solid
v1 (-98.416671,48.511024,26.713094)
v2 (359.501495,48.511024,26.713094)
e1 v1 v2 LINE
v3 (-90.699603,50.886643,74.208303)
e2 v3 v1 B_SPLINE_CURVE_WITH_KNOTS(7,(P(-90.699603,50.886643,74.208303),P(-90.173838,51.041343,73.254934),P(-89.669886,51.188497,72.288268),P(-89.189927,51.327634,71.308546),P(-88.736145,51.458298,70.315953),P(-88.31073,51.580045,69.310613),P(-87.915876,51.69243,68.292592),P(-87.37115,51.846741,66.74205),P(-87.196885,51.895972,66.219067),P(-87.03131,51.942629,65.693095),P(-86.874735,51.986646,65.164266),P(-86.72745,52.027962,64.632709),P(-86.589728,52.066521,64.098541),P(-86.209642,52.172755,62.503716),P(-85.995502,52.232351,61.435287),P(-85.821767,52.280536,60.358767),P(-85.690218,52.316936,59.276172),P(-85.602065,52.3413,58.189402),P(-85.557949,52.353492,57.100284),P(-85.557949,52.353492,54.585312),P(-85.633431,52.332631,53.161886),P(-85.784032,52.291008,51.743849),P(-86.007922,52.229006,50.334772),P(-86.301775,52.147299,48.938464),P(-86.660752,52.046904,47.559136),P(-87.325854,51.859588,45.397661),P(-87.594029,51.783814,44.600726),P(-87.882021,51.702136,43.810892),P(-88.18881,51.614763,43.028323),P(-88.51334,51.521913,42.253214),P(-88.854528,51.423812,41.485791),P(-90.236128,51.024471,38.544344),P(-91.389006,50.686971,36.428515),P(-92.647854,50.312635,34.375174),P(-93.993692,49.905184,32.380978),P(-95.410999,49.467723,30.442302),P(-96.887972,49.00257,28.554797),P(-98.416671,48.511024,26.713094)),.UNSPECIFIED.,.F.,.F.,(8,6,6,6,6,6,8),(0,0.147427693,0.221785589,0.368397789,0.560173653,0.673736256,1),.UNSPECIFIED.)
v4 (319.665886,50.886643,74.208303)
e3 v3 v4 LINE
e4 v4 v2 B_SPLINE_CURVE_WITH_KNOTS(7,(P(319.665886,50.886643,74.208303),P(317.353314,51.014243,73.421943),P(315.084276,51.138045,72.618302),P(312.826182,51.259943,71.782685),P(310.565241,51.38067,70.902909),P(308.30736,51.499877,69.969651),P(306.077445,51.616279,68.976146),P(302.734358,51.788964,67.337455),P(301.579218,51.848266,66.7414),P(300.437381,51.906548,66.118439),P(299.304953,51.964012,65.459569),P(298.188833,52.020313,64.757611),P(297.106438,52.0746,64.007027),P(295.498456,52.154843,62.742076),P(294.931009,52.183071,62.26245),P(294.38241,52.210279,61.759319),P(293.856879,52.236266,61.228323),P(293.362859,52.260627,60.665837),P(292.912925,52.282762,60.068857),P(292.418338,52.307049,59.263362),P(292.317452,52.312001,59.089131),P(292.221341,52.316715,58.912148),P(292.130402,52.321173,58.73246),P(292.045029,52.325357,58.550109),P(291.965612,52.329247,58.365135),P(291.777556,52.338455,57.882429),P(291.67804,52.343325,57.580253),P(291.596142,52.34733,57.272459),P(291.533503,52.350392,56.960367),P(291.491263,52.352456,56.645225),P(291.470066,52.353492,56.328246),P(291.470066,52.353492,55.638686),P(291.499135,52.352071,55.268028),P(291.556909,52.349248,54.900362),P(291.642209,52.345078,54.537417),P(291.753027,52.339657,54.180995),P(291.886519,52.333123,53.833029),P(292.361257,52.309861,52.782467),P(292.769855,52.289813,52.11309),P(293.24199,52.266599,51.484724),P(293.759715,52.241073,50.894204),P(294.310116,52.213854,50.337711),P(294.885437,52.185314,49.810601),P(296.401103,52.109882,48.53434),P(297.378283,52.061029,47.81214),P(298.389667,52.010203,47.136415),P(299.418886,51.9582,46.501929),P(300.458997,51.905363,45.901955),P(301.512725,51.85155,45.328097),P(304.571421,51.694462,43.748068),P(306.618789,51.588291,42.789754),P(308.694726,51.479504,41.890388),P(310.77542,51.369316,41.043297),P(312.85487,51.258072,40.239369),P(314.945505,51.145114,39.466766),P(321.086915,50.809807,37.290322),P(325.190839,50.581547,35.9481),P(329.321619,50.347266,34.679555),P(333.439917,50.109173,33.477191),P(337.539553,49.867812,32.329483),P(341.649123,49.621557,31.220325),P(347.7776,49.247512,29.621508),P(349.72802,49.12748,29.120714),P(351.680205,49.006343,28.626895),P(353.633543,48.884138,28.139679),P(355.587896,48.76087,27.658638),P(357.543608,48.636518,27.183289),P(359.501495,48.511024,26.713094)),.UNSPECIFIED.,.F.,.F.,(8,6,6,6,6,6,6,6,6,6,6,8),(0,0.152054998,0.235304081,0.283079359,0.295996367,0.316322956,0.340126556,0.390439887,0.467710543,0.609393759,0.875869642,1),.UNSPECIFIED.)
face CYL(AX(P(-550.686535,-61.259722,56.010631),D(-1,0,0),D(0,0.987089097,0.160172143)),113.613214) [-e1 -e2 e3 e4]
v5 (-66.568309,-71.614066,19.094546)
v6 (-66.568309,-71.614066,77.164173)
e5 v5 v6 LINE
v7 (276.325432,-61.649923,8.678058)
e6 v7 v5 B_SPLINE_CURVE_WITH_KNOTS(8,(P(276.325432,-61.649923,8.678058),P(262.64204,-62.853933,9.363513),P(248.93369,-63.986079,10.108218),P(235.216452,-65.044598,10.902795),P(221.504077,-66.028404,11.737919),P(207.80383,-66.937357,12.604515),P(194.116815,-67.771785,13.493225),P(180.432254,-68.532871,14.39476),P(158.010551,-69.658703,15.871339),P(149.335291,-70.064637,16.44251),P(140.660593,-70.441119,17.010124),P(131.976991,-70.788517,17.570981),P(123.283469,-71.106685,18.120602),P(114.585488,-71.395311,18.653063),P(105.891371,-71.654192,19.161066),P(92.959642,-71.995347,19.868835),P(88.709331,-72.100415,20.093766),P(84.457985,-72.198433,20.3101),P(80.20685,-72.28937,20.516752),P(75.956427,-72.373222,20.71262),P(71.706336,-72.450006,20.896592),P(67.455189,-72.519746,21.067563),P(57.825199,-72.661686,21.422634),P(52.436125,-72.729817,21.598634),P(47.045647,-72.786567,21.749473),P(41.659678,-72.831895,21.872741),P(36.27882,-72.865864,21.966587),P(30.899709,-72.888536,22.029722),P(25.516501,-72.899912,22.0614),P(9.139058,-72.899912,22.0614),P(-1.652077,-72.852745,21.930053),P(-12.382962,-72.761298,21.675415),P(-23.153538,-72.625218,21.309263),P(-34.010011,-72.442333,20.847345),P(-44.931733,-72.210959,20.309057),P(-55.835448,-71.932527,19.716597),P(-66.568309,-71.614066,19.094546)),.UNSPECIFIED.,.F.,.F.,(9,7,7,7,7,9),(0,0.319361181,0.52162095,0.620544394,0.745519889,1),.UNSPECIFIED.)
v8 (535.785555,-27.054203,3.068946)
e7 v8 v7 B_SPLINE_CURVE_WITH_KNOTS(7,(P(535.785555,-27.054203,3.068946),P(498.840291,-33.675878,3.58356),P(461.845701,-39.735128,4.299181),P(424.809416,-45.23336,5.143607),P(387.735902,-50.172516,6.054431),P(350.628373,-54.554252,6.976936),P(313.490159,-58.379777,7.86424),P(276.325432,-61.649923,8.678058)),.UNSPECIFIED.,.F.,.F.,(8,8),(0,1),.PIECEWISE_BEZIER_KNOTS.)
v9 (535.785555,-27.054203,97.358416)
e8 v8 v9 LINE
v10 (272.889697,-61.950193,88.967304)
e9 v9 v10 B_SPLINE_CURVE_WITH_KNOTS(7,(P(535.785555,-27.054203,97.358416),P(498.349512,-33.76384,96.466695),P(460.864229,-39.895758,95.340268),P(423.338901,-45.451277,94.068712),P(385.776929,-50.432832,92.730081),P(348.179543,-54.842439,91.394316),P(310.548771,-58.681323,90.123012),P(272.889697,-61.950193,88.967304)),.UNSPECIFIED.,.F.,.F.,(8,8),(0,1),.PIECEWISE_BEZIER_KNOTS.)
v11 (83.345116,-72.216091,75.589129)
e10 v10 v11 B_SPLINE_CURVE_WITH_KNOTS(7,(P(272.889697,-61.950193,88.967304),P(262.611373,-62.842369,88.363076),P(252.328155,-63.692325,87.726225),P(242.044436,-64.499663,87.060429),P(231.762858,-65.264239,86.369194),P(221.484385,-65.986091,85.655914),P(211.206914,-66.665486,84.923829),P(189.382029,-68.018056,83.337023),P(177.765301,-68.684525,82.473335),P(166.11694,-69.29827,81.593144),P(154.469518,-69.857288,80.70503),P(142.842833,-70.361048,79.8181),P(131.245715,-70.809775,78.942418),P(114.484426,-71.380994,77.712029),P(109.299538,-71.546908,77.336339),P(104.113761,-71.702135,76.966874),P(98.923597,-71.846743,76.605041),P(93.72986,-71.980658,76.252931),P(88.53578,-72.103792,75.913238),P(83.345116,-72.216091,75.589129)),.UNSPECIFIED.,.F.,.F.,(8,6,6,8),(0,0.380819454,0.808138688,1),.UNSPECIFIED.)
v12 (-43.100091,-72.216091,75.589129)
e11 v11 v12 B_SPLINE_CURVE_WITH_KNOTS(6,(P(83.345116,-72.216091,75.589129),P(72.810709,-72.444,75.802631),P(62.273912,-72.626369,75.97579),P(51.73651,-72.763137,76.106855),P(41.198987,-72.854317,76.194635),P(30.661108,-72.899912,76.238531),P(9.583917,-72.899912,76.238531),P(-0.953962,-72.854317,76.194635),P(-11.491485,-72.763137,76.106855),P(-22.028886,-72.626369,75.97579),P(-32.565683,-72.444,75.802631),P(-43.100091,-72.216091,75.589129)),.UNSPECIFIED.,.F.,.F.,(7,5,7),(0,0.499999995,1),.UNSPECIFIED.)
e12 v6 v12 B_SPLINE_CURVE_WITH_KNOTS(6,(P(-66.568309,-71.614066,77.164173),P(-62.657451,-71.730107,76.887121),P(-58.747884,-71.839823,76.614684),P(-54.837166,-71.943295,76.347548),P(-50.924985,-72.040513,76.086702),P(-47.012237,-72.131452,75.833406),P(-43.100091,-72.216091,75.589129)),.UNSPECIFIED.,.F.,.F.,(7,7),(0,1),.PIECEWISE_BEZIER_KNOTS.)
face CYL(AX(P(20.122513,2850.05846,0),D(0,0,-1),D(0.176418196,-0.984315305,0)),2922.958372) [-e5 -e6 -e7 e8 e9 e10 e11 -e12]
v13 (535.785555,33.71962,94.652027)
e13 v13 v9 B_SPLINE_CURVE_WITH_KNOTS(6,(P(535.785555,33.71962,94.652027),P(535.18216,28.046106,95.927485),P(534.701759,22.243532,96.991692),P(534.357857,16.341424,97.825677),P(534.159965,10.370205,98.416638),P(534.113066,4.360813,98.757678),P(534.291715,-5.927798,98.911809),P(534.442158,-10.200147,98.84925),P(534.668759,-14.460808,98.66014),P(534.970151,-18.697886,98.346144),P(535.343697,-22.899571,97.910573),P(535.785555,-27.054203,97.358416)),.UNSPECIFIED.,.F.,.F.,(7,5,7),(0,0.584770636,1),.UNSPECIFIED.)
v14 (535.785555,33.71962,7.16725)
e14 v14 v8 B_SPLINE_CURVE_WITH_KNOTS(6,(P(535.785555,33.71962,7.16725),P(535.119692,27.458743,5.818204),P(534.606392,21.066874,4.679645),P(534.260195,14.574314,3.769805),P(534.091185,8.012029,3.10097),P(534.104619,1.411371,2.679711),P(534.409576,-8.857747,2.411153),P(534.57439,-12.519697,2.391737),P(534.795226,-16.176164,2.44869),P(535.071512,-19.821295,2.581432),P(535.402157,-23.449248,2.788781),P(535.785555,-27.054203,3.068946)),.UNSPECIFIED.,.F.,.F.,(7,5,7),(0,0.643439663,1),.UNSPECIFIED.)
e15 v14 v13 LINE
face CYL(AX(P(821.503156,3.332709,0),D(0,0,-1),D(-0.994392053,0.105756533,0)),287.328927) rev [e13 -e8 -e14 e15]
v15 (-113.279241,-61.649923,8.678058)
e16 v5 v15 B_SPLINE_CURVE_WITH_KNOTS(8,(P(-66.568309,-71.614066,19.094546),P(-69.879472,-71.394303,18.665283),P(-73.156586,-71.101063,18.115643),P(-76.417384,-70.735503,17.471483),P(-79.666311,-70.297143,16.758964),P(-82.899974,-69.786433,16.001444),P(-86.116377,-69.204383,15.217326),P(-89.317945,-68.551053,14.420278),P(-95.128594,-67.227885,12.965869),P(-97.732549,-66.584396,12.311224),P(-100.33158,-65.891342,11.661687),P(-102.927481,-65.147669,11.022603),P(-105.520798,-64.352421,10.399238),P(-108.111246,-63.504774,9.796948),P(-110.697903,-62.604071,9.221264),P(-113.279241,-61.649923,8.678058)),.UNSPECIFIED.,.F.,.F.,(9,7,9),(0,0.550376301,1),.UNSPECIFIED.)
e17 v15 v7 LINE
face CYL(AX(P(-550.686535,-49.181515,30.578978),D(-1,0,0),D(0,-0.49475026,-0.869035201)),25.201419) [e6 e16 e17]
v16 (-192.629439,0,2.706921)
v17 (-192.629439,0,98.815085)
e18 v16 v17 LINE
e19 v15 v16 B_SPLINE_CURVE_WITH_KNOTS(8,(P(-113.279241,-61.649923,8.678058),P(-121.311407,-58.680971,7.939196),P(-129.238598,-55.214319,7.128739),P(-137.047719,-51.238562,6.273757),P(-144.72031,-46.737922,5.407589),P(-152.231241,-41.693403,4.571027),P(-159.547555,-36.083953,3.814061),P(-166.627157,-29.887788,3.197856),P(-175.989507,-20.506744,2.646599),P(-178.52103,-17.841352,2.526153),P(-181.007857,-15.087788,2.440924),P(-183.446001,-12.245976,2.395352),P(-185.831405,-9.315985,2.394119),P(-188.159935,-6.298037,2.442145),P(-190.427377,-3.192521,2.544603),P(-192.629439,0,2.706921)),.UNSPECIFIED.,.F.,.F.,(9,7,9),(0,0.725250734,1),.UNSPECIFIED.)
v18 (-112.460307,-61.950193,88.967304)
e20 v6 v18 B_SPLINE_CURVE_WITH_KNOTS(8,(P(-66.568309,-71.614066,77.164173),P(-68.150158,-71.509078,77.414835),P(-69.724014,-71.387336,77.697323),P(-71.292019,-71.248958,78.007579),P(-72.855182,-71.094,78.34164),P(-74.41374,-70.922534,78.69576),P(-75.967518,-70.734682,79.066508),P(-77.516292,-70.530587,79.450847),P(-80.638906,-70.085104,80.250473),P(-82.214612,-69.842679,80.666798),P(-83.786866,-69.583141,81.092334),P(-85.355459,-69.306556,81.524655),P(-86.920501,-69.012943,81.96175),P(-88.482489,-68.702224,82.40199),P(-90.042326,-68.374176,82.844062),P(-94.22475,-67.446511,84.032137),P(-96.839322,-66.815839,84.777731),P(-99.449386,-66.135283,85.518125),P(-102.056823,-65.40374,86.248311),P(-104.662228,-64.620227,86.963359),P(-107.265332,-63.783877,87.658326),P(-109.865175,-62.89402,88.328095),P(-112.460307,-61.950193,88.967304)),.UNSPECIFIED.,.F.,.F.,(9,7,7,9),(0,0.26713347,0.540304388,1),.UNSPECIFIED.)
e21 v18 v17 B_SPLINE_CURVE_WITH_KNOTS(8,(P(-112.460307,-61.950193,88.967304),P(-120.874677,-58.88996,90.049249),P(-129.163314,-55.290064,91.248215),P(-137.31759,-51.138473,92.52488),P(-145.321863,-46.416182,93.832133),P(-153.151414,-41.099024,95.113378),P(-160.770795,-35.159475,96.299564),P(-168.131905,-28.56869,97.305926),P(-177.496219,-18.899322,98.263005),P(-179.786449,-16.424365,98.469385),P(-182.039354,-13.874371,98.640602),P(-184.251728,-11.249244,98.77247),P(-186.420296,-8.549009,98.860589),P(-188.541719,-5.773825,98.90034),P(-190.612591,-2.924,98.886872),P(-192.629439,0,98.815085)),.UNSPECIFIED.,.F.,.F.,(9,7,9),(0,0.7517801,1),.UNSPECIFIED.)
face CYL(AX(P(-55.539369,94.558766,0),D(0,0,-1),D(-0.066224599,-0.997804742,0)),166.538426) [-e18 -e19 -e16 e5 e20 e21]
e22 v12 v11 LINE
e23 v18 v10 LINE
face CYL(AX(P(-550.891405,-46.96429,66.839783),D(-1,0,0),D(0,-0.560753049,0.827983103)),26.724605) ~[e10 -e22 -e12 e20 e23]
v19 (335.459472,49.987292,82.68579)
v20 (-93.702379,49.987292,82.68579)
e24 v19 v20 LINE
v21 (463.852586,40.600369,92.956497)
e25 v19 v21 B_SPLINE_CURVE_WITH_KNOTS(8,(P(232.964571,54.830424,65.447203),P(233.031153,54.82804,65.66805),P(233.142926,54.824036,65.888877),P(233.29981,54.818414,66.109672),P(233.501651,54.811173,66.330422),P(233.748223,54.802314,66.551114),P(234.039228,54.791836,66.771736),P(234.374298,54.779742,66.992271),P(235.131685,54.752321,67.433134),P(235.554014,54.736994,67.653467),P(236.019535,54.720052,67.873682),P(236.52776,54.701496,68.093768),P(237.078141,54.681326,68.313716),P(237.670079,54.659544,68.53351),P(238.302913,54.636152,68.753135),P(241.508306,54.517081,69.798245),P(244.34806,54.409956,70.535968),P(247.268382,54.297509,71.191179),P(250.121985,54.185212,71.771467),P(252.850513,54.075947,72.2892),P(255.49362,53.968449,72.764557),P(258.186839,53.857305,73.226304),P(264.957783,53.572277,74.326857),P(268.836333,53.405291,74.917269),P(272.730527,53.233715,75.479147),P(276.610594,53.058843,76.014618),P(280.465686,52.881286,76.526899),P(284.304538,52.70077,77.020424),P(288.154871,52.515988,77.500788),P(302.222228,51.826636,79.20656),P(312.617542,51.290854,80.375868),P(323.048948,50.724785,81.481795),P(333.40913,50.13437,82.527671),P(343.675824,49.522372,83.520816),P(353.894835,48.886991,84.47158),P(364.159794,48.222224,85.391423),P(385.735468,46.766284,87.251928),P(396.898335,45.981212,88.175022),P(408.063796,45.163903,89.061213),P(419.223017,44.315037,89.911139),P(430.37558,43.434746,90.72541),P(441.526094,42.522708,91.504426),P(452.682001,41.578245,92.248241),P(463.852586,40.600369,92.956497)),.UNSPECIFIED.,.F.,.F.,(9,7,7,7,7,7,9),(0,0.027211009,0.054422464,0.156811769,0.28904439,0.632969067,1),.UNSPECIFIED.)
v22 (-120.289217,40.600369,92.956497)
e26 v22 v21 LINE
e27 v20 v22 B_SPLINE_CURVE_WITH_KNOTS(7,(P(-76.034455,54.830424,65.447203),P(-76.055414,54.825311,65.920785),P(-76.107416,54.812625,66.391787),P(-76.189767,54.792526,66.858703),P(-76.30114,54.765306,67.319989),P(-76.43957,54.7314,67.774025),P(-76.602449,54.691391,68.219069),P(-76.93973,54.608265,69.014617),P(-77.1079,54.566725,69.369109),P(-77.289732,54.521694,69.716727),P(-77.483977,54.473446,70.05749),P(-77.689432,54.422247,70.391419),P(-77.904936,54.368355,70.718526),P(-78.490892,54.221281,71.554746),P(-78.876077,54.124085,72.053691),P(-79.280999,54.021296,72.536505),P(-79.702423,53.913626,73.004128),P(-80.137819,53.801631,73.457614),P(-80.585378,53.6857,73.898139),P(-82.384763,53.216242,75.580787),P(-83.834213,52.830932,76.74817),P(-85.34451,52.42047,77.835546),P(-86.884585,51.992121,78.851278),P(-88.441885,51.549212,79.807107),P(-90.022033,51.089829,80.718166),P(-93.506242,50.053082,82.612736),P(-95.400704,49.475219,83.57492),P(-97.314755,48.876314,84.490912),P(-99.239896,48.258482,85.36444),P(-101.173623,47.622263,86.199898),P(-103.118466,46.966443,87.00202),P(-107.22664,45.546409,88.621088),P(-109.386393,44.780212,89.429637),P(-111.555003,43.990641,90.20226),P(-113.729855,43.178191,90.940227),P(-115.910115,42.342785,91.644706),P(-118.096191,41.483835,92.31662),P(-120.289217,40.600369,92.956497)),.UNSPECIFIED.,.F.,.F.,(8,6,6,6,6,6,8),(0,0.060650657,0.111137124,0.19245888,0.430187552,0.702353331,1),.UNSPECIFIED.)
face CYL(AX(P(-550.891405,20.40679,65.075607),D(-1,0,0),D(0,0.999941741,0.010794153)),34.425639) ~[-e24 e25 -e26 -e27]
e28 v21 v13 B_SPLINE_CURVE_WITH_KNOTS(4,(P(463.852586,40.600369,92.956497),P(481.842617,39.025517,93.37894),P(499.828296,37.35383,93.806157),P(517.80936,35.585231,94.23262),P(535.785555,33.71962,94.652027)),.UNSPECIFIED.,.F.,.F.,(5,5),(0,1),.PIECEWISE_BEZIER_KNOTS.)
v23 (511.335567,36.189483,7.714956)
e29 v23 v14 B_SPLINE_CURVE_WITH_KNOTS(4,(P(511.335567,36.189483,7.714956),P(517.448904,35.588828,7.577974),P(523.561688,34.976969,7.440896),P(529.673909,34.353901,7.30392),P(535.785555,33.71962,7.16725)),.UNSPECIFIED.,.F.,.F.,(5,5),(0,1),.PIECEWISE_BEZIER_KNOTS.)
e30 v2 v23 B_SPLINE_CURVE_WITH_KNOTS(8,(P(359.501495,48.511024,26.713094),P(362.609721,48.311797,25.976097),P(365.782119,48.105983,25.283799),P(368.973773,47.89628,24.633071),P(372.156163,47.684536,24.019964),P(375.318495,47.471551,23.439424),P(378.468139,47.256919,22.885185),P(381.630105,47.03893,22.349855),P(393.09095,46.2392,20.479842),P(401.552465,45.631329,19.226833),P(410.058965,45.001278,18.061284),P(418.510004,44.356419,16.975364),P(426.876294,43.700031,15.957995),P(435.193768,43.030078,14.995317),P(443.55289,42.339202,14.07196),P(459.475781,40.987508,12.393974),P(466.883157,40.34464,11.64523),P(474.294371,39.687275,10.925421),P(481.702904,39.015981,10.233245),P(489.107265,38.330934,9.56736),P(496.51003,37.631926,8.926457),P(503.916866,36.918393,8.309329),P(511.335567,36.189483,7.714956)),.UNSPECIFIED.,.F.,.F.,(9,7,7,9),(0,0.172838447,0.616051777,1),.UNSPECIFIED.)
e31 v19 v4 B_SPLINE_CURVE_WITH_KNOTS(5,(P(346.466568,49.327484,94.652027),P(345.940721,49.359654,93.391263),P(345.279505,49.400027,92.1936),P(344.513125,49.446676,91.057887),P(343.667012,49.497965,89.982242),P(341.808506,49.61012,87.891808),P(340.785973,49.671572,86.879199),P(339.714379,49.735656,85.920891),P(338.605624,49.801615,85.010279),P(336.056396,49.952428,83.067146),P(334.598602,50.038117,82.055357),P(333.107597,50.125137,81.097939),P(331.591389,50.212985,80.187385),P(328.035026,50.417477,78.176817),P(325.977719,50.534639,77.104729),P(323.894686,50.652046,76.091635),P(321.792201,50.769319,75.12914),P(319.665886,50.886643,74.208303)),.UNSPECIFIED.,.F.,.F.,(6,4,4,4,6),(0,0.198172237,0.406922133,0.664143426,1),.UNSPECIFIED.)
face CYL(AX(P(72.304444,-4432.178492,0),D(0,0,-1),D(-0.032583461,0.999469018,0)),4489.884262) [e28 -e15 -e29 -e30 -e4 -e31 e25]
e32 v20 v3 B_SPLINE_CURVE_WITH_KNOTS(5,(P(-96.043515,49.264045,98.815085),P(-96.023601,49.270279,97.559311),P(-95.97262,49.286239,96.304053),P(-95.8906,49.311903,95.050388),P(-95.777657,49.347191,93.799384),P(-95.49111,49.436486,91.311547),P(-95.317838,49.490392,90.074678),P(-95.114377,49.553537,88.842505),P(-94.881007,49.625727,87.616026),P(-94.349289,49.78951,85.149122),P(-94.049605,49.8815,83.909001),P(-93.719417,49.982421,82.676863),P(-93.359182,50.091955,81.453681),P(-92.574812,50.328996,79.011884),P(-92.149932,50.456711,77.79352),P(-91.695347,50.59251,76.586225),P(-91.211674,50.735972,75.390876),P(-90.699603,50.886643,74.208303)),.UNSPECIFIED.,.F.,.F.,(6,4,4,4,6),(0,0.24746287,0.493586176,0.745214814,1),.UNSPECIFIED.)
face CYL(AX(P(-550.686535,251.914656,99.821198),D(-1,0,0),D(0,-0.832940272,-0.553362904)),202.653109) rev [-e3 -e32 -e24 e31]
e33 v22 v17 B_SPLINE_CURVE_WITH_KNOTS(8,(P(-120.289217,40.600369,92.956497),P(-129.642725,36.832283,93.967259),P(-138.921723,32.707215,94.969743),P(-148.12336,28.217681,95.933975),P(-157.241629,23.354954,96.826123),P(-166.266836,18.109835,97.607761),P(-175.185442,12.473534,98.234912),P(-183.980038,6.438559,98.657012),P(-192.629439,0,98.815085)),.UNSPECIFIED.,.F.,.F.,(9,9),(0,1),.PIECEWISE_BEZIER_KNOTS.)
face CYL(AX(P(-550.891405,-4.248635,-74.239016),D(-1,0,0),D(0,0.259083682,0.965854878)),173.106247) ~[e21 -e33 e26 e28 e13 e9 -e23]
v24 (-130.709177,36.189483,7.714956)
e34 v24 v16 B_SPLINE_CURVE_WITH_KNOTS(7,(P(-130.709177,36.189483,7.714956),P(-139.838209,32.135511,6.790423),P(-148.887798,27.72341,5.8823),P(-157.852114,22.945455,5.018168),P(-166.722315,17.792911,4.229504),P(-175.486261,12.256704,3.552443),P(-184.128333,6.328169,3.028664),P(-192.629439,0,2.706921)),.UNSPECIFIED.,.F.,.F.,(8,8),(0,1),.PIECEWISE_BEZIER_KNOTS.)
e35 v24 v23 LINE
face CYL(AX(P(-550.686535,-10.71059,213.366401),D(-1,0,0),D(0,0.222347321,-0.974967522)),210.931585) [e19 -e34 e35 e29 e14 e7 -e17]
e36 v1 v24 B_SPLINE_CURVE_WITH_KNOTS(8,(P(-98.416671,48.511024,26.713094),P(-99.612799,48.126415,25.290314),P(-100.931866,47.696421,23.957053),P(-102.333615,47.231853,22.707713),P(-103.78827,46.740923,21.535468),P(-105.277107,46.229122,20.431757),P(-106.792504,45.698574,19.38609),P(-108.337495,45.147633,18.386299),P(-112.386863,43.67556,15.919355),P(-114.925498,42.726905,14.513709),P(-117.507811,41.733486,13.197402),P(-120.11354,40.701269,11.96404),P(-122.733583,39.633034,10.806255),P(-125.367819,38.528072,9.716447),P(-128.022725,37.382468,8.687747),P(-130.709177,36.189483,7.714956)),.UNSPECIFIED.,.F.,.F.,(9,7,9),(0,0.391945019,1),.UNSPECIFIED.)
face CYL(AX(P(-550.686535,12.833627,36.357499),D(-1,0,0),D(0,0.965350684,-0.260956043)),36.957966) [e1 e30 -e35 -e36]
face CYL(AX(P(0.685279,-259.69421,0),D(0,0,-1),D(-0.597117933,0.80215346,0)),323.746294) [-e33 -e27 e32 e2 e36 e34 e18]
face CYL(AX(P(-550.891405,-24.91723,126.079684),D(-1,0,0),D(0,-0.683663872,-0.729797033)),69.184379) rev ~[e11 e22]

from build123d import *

# Parameters (mm, degrees)
BOSS_EXTRUDE1_DEPTH     = 100
CUT_EXTRUDE3_DEPTH      = 550.891405391
CUT_EXTRUDE3_DEPTH_BACK = 550.891405391
CUT_EXTRUDE5_DEPTH      = 550.686535404
CUT_EXTRUDE5_DEPTH_BACK = 550.686535404


with BuildPart() as part:
    # Sketch1 → Boss-Extrude1 (new body)
    with BuildSketch(Plane.XY):
        with BuildLine():
            ThreePointArc((-192.629438793, 0), (-136.135725272, 33.719619965), (-73.991525193, 55.321722514))
            ThreePointArc((-73.991525193, 55.321722514), (231.264395529, 54.89097703), (535.785554592, 33.719619965))
            ThreePointArc((535.785554592, 33.719619965), (534.174229279, 3.332708678), (535.785554592, -27.054202608))
            ThreePointArc((535.785554592, -27.054202608), (235.762691459, -64.934671976), (-66.568309368, -71.614065728))
            ThreePointArc((-66.568309368, -71.614065728), (-137.800866021, -50.244872094), (-192.629438793, 0))
        make_face()
    extrude(amount=BOSS_EXTRUDE1_DEPTH)

    # Sketch2 → Cut-Extrude3 (cut, two sides: drawn at the far end of the back side and taken through both)
    with BuildSketch(Plane(origin=(0, 0, 0), x_dir=(0, 0, -1), z_dir=(1, 0, 0)).offset(-CUT_EXTRUDE3_DEPTH_BACK)):
        with BuildLine():
            ThreePointArc((-65.447202994, 54.830423707), (-80.892507985, 50.983746932), (-92.956496986, 40.600368972))
            ThreePointArc((-92.956496986, 40.600368972), (-98.736407831, -10.977338679), (-88.967303886, -61.950193259))
            ThreePointArc((-88.967303886, -61.950193259), (-83.10915251, -68.165990231), (-75.589128758, -72.216090516))
            ThreePointArc((-75.589128758, -72.216090516), (-123.822815089, -94.064788666), (-173.378544397, -75.407784602))
            ThreePointArc((-173.378544397, -75.407784602), (-163.802190068, -4.583325871), (-135.262897635, 60.940099743))
            ThreePointArc((-135.262897635, 60.940099743), (-100.366866686, 80.430667917), (-61.326949176, 89.003885783))
            ThreePointArc((-61.326949176, 89.003885783), (-63.560434952, 71.938056418), (-65.447202994, 54.830423707))
        make_face()
    extrude(amount=CUT_EXTRUDE3_DEPTH + CUT_EXTRUDE3_DEPTH_BACK, mode=Mode.SUBTRACT)

    # Sketch3 → Cut-Extrude5 (cut, two sides: drawn at the far end of the back side and taken through both)
    with BuildSketch(Plane(origin=(0, 0, 0), x_dir=(0, 0, -1), z_dir=(1, 0, 0)).offset(-CUT_EXTRUDE5_DEPTH_BACK)):
        with BuildLine():
            ThreePointArc((-74.208303325, 50.886642831), (-50.335012976, 52.211638999), (-26.713093985, 48.511024166))
            ThreePointArc((-26.713093985, 48.511024166), (-16.247111553, 43.841102683), (-7.714956491, 36.189482926))
            ThreePointArc((-7.714956491, 36.189482926), (-2.445034952, -12.786836037), (-8.678058045, -61.649923489))
            ThreePointArc((-8.678058045, -61.649923489), (-17.453523943, -70.69509128), (-29.511303704, -74.360307413))
            ThreePointArc((-29.511303704, -74.360307413), (33.955140221, -79.826327987), (85.286434054, -42.104117568))
            ThreePointArc((85.286434054, -42.104117568), (41.180066923, 16.064388488), (12.319514625, 83.116720583))
            ThreePointArc((12.319514625, 83.116720583), (-170.558095104, 441.821406771), (-74.208303325, 50.886642831))
        make_face()
    extrude(amount=CUT_EXTRUDE5_DEPTH + CUT_EXTRUDE5_DEPTH_BACK, mode=Mode.SUBTRACT)


solid = part.part
